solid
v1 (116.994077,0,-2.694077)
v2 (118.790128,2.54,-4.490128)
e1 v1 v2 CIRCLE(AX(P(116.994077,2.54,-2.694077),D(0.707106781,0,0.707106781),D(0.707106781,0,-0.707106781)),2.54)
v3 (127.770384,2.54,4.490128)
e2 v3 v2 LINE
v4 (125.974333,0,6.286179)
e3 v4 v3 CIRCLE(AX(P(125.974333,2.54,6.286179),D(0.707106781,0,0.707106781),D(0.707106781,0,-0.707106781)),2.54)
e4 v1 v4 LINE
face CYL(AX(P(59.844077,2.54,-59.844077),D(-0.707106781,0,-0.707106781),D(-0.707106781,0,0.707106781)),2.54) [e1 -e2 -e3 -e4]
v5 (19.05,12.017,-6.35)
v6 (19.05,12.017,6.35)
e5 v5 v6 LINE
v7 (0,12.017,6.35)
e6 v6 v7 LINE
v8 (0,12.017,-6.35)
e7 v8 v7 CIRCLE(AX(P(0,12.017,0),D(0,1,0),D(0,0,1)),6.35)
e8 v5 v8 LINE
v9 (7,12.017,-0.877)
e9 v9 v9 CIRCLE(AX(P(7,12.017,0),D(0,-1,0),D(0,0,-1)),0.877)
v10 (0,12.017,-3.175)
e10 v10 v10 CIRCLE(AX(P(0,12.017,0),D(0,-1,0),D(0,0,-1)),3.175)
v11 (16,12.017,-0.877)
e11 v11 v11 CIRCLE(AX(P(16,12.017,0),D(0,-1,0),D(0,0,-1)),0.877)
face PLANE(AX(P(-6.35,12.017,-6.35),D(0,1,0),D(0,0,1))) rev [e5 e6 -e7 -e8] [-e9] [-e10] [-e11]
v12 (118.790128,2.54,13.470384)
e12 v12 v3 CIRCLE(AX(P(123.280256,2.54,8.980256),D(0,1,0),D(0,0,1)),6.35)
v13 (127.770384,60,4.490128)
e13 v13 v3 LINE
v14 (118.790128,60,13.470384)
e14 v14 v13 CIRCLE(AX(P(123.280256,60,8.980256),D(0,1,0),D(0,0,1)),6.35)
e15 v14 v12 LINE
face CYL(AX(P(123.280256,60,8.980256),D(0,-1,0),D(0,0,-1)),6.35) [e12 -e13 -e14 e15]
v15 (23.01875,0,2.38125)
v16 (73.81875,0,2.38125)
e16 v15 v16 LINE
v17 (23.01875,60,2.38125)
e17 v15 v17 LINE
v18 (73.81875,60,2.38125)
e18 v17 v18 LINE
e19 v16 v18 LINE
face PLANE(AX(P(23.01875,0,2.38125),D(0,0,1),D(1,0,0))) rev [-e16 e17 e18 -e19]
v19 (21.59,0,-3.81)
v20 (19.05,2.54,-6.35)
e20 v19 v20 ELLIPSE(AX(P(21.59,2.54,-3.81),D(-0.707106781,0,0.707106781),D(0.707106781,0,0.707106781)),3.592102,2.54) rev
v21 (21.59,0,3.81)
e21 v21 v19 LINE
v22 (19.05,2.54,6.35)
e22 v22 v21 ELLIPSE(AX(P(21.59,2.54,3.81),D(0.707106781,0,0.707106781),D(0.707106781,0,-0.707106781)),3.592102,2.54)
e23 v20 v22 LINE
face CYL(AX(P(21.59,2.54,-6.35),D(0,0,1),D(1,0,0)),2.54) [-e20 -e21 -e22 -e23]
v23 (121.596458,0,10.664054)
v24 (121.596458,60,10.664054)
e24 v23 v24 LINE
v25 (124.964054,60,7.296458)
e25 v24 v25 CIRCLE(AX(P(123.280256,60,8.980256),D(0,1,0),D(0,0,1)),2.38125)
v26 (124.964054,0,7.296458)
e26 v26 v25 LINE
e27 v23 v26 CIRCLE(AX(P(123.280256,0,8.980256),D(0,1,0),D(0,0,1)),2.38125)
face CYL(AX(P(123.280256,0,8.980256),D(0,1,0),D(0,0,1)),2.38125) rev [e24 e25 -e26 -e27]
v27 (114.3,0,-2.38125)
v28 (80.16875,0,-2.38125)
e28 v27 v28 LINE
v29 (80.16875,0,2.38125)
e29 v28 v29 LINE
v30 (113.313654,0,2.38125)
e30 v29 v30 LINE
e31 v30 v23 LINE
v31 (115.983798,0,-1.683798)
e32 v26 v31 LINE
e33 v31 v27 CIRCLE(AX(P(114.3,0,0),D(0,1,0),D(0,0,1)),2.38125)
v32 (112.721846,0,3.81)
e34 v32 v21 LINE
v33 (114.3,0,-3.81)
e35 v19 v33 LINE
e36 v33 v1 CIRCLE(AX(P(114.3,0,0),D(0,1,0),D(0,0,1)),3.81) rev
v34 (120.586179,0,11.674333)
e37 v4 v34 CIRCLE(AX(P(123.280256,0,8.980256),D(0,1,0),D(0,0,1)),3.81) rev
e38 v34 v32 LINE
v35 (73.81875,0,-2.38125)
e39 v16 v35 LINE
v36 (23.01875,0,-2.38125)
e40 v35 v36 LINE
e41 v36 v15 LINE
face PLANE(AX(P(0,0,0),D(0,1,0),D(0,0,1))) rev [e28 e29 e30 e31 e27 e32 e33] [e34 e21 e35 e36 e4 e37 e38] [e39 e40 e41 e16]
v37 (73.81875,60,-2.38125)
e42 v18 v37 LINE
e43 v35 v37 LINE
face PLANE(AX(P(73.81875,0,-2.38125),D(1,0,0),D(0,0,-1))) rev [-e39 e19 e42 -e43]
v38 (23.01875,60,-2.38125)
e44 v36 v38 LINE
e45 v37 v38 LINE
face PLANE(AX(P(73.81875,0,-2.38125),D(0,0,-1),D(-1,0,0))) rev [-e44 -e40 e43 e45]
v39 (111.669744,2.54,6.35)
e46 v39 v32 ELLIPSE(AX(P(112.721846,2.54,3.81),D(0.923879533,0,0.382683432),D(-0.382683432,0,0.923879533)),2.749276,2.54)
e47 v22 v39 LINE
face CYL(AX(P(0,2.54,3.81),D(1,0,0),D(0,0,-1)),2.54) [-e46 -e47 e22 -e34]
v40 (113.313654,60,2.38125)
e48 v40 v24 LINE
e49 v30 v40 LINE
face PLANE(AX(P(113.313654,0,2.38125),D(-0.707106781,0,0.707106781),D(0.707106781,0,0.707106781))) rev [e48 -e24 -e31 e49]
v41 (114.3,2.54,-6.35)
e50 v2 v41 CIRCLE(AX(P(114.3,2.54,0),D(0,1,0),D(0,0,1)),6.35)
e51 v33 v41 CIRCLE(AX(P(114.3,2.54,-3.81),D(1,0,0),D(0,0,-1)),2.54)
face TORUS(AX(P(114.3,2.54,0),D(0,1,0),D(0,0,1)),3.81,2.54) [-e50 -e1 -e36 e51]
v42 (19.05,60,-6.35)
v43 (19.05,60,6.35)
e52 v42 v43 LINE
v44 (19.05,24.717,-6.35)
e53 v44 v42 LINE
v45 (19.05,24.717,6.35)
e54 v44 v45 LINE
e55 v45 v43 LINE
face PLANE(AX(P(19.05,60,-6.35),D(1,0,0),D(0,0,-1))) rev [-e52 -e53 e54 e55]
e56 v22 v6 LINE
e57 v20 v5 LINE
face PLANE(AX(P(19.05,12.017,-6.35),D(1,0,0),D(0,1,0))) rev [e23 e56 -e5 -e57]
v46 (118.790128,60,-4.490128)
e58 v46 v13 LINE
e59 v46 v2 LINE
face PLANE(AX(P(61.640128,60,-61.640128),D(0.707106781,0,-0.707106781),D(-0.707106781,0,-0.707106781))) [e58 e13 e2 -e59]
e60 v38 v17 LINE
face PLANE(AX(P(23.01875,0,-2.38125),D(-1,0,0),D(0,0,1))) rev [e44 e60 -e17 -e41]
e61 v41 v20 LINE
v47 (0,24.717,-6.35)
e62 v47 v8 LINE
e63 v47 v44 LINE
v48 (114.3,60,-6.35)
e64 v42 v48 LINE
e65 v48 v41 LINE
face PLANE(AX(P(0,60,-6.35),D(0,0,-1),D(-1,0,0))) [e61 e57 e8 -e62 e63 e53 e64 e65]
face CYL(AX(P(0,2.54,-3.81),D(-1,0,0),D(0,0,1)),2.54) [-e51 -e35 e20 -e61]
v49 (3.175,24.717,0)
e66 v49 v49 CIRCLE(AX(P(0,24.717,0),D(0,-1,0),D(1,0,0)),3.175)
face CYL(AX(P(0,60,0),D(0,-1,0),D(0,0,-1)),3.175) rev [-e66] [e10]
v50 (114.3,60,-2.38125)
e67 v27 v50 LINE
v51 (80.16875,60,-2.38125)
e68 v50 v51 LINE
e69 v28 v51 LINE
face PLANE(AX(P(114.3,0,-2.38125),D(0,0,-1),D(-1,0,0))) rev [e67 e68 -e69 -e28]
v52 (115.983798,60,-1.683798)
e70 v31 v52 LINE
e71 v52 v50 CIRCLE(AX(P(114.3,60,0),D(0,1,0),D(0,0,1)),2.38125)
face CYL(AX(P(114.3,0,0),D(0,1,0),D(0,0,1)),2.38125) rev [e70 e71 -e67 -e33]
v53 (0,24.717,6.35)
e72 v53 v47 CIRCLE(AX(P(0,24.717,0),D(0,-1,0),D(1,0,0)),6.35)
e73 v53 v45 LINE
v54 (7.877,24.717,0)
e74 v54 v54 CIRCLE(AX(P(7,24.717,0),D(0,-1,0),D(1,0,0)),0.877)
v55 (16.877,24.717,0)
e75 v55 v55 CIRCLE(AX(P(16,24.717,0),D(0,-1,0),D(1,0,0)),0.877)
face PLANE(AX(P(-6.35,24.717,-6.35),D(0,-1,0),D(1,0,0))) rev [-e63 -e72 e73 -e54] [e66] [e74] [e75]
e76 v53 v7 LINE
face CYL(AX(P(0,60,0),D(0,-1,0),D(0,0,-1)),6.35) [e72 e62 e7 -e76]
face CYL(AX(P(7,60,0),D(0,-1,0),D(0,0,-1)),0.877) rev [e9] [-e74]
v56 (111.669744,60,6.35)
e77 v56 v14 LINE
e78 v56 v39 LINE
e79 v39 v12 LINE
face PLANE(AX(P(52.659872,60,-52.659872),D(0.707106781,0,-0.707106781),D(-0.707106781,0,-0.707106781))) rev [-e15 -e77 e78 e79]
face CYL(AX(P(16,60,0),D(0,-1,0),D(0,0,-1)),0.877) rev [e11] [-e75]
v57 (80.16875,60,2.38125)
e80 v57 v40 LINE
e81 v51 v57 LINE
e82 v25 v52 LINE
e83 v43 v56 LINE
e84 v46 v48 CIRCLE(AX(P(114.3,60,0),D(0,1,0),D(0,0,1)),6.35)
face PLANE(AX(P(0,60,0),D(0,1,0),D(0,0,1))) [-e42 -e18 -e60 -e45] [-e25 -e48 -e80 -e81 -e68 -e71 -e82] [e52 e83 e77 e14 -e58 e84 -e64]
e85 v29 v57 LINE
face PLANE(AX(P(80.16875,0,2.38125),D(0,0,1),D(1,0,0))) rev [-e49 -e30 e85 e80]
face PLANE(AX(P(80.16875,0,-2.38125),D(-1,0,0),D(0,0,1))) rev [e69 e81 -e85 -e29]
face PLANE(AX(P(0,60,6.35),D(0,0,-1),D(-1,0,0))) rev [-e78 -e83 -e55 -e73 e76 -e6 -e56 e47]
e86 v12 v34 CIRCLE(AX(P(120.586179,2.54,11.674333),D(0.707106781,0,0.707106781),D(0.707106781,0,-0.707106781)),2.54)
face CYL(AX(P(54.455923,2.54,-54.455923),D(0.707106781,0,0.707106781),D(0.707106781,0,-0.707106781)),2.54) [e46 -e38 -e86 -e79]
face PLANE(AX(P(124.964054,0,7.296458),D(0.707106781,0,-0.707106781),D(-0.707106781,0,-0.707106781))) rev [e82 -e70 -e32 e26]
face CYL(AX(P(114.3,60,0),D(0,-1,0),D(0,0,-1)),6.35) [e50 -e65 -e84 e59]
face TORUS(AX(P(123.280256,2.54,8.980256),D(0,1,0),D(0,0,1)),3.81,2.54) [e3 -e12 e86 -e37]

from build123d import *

# Parameters (mm, degrees)
BOSS_EXTRUDE1_DEPTH = 59.999999888
SKETCH2_W           = 25.4
SKETCH2_H           = 12.017000096
SKETCH2_H_2         = 35.282999792
CUT_EXTRUDE1_DEPTH  = 13.7
SKETCH3_R           = 0.877000024
CUT_EXTRUDE2_DEPTH  = 48.982999792
SKETCH4_R           = 3.175
CUT_EXTRUDE3_DEPTH  = 48.982999792
SKETCH5_W           = 50.8
SKETCH5_H           = 4.7625
CUT_EXTRUDE4_DEPTH  = 60.999999888
FILLET1_R           = 2.54


with BuildPart() as part:
    # Sketch1 → Boss-Extrude1 (new body)
    with BuildSketch(Plane(origin=(0, 0, 0), x_dir=(1, 0, 0), z_dir=(0, 1, 0))):
        with BuildLine():
            Line((0, 6.35), (114.3, 6.35))
            ThreePointArc((114.3, 6.35), (120.65, 0), (114.3, -6.35))
            Line((114.3, -6.35), (0, -6.35))
            ThreePointArc((0, -6.35), (-6.35, 0), (0, 6.35))
        make_face()
        with BuildLine():
            Line((118.790128061, 4.490128061), (127.770384182, -4.490128061))
            ThreePointArc((127.770384182, -4.490128061), (127.770384182, -13.470384182), (118.790128061, -13.470384182))
            Line((118.790128061, -13.470384182), (109.809871939, -4.490128061))
            ThreePointArc((109.809871939, -4.490128061), (109.809871939, 4.490128061), (118.790128061, 4.490128061))
        make_face()
    extrude(amount=BOSS_EXTRUDE1_DEPTH)

    # Sketch2 → Cut-Extrude1 (cut, through all)
    with BuildSketch(Plane.XY.offset(6.35)):
        with Locations((6.35, 6.008500048)):
            Rectangle(SKETCH2_W, SKETCH2_H)
        with Locations((6.35, 42.358499992)):
            Rectangle(SKETCH2_W, SKETCH2_H_2)
    extrude(amount=-CUT_EXTRUDE1_DEPTH, mode=Mode.SUBTRACT)

    # Sketch3 → Cut-Extrude2 (cut, through all)
    with BuildSketch(Plane.XZ.offset(-12.017000096)):
        with Locations((6.99999997, 0)):
            Circle(SKETCH3_R)
        with Locations((16.000000004, 0)):
            Circle(SKETCH3_R)
    extrude(amount=-CUT_EXTRUDE2_DEPTH, mode=Mode.SUBTRACT)

    # Sketch4 → Cut-Extrude3 (cut, through all)
    with BuildSketch(Plane.XZ.offset(-12.017000096)):
        Circle(SKETCH4_R)
    extrude(amount=-CUT_EXTRUDE3_DEPTH, mode=Mode.SUBTRACT)

    # Sketch5 → Cut-Extrude4 (cut, through all)
    with BuildSketch(Plane(origin=(0, 59.999999888, 0), x_dir=(1, 0, 0), z_dir=(0, 1, 0))):
        with Locations((48.41875, 0)):
            Rectangle(SKETCH5_W, SKETCH5_H)
        with BuildLine():
            Line((80.16875, 2.38125), (80.16875, -2.38125))
            Line((80.16875, -2.38125), (113.313653955, -2.38125))
            Line((113.313653955, -2.38125), (121.596458098, -10.664054144))
            ThreePointArc((121.596458098, -10.664054144), (124.964054144, -10.664054144), (124.964054144, -7.296458098))
            Line((124.964054144, -7.296458098), (115.983798023, 1.683798023))
            ThreePointArc((115.983798023, 1.683798023), (115.211264923, 2.199988137), (114.3, 2.38125))
            Line((114.3, 2.38125), (80.16875, 2.38125))
        make_face()
    extrude(amount=-CUT_EXTRUDE4_DEPTH, mode=Mode.SUBTRACT)

    # Fillet1
    fillet1_edges = [part.edges().sort_by_distance(p)[0] for p in [
        (116.730039796, 0, -5.866635031),
        (123.280256121, 0, 0),
        (65.359871939, 0, 6.35),
        (66.675, 0, -6.35),
        (19.05, 0, 0),
        (127.770384182, 0, 13.470384182),
        (115.22993597, 0, 9.910192091),
    ]]
    fillet(fillet1_edges, radius=FILLET1_R)


solid = part.part
